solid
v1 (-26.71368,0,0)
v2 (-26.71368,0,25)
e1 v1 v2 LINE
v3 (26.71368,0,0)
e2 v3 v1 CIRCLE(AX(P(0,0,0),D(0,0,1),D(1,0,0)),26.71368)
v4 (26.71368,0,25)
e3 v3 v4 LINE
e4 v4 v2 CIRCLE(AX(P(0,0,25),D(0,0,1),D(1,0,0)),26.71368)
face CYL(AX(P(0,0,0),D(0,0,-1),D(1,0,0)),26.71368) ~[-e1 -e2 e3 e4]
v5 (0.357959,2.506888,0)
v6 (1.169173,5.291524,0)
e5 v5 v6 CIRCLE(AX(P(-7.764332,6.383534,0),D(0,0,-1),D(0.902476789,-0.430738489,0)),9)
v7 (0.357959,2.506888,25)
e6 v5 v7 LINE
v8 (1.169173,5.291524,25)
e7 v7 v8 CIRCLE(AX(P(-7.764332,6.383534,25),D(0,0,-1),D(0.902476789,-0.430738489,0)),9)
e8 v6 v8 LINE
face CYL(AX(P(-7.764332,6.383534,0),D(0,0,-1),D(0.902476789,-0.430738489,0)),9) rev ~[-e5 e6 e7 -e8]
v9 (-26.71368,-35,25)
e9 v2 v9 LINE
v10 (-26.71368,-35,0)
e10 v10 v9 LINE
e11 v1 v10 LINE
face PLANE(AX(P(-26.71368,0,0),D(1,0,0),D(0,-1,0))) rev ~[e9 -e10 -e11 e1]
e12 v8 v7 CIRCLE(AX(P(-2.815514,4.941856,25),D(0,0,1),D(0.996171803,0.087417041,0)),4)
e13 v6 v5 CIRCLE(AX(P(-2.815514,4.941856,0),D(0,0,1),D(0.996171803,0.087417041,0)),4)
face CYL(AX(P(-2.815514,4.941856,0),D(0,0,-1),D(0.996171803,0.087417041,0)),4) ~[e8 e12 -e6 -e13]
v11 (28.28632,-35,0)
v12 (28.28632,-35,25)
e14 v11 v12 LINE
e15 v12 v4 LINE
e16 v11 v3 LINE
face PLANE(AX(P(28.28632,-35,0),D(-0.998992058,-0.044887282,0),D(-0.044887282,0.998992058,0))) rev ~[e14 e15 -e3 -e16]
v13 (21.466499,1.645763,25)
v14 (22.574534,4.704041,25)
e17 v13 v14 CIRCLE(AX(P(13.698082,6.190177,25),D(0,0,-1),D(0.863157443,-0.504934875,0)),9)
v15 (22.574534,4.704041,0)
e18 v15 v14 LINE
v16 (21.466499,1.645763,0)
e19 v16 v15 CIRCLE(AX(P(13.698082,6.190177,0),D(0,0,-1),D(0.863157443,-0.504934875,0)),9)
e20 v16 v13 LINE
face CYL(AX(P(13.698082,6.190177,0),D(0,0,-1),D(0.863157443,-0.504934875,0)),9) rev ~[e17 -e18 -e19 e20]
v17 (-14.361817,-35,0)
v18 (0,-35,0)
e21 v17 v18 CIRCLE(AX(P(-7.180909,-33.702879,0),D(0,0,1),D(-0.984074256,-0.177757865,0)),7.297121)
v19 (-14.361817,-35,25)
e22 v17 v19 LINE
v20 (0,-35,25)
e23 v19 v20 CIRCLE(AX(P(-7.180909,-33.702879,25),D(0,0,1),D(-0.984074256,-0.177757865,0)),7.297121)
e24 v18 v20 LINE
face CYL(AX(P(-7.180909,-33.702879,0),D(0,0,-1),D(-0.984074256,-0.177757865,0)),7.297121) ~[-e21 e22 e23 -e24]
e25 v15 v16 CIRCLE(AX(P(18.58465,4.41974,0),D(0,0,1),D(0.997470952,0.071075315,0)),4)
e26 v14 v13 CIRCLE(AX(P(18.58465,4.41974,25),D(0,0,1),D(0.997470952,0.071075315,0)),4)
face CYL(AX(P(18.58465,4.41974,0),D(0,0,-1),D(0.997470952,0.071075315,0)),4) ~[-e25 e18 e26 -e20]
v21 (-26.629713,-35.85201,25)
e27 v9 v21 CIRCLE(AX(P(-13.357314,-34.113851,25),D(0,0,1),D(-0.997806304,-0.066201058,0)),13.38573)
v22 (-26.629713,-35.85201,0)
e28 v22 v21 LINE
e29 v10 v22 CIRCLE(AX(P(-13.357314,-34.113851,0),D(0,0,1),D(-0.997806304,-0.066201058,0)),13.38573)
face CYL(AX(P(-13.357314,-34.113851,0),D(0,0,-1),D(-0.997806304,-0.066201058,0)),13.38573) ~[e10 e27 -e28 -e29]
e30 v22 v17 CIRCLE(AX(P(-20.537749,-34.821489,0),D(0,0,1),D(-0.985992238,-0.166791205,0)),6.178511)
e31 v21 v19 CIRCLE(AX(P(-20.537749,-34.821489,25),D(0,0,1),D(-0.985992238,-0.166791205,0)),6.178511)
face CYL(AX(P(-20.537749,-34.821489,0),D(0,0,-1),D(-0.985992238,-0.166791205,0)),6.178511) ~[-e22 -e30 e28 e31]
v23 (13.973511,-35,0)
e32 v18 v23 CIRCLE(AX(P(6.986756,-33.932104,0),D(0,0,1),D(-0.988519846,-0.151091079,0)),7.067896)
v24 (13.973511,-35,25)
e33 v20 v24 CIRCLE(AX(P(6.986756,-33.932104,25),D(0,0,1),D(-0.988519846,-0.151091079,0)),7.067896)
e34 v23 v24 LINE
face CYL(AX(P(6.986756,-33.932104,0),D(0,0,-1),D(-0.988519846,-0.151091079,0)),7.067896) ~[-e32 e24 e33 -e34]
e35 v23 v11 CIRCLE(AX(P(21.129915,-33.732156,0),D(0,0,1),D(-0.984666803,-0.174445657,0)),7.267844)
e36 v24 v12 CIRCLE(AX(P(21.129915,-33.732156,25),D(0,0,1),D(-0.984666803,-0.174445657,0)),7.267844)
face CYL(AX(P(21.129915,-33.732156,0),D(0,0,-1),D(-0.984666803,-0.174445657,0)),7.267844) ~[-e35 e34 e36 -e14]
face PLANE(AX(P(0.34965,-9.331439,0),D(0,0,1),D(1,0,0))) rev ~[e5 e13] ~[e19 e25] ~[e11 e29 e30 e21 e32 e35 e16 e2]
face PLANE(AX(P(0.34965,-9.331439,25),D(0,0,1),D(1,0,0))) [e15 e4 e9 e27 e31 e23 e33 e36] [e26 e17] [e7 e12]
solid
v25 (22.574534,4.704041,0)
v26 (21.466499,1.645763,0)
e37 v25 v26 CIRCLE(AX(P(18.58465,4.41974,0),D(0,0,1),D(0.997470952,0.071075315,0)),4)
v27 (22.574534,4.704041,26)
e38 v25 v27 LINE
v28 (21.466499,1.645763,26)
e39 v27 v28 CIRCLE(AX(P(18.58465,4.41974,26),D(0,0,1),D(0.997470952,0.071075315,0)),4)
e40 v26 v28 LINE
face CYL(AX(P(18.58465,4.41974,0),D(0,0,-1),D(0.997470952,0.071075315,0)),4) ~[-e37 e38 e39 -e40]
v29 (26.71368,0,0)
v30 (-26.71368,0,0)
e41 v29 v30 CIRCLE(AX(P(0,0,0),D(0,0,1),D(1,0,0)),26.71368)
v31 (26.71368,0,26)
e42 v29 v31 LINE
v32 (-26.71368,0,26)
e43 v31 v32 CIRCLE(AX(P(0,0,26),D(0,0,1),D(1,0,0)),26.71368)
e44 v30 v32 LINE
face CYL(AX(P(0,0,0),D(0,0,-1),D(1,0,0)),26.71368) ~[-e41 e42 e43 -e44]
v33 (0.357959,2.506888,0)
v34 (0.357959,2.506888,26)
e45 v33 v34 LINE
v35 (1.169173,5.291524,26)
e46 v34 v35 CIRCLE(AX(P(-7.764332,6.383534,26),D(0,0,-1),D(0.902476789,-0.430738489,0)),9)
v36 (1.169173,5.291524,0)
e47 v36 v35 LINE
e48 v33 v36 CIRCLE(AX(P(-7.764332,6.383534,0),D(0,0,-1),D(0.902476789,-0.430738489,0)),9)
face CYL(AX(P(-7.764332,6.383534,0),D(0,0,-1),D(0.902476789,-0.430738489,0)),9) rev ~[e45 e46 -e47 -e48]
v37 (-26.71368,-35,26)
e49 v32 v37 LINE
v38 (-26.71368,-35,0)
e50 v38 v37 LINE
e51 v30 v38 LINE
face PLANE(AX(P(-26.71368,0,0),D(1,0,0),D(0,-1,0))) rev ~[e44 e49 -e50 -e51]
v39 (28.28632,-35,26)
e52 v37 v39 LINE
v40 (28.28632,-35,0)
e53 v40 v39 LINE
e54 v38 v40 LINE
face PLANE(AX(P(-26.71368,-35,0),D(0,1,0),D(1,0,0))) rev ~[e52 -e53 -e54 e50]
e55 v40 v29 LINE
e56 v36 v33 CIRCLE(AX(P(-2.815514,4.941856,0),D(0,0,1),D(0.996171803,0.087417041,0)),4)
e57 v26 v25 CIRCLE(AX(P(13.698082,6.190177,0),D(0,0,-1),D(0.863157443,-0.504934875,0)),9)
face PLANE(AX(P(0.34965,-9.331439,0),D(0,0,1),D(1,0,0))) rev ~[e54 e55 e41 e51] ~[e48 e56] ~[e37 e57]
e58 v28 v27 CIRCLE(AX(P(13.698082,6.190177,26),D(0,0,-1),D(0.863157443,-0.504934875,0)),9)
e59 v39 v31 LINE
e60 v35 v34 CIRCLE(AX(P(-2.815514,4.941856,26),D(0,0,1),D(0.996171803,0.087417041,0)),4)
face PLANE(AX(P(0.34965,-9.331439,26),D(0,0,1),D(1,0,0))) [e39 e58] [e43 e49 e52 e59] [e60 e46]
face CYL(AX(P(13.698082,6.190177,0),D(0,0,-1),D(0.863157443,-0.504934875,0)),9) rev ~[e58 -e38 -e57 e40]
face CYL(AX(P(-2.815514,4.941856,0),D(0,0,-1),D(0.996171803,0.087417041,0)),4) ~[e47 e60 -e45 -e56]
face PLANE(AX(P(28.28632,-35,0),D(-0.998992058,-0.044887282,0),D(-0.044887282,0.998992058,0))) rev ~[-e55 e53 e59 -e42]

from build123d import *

# Parameters (mm, degrees)
F1_DEPTH = 25
F2_DEPTH = 26


with BuildPart() as f1:
    # F0 (on Top) → F1 (new body)
    with BuildSketch(Plane.XY):
        with BuildLine():
            Line((28.28632, -35), (26.71368, 0))
            ThreePointArc((26.71368, 0), (0, 26.71368), (-26.71368, 0))
            Line((-26.71368, 0), (-26.71368, -35))
            Line((-26.71368, -35), (-14.361817, -35))
            Line((-14.361817, -35), (0, -35))
            Line((0, -35), (13.973511, -35))
            Line((13.973511, -35), (28.28632, -35))
        make_face()
        with BuildLine():
            ThreePointArc((0.357959, 2.506888), (-16.405143, 8.900753), (1.169173, 5.291524))
            ThreePointArc((1.169173, 5.291524), (-6.655875, 6.06062), (0.357959, 2.506888))
        make_face(mode=Mode.SUBTRACT)
        with BuildLine():
            ThreePointArc((21.466499, 1.645763), (5.236335, 9.255928), (22.574534, 4.704041))
            ThreePointArc((22.574534, 4.704041), (14.823874, 5.782296), (21.466499, 1.645763))
        make_face(mode=Mode.SUBTRACT)
        with BuildLine():
            Line((-14.361817, -35), (-26.71368, -35))
            ThreePointArc((-26.71368, -35), (-26.67851, -35.426676), (-26.629713, -35.85201))
            ThreePointArc((-26.629713, -35.85201), (-20.10968, -40.985153), (-14.361817, -35))
        make_face()
        with BuildLine():
            Line((0, -35), (-14.361817, -35))
            ThreePointArc((-14.361817, -35), (-7.180909, -41), (0, -35))
        make_face()
        with BuildLine():
            ThreePointArc((0, -35), (6.986756, -41), (13.973511, -35))
            Line((13.973511, -35), (0, -35))
        make_face()
        with BuildLine():
            ThreePointArc((13.973511, -35), (21.129916, -41), (28.28632, -35))
            Line((28.28632, -35), (13.973511, -35))
        make_face()
    extrude(amount=F1_DEPTH)


with BuildPart() as f2:
    # F0 (on Top) → F2 (new body)
    with BuildSketch(Plane.XY):
        with BuildLine():
            Line((28.28632, -35), (26.71368, 0))
            ThreePointArc((26.71368, 0), (0, 26.71368), (-26.71368, 0))
            Line((-26.71368, 0), (-26.71368, -35))
            Line((-26.71368, -35), (-14.361817, -35))
            Line((-14.361817, -35), (0, -35))
            Line((0, -35), (13.973511, -35))
            Line((13.973511, -35), (28.28632, -35))
        make_face()
        with BuildLine():
            ThreePointArc((0.357959, 2.506888), (-16.405143, 8.900753), (1.169173, 5.291524))
            ThreePointArc((1.169173, 5.291524), (-6.655875, 6.06062), (0.357959, 2.506888))
        make_face(mode=Mode.SUBTRACT)
        with BuildLine():
            ThreePointArc((21.466499, 1.645763), (5.236335, 9.255928), (22.574534, 4.704041))
            ThreePointArc((22.574534, 4.704041), (14.823874, 5.782296), (21.466499, 1.645763))
        make_face(mode=Mode.SUBTRACT)
    extrude(amount=F2_DEPTH)


solid = Compound([f1.part, f2.part])
